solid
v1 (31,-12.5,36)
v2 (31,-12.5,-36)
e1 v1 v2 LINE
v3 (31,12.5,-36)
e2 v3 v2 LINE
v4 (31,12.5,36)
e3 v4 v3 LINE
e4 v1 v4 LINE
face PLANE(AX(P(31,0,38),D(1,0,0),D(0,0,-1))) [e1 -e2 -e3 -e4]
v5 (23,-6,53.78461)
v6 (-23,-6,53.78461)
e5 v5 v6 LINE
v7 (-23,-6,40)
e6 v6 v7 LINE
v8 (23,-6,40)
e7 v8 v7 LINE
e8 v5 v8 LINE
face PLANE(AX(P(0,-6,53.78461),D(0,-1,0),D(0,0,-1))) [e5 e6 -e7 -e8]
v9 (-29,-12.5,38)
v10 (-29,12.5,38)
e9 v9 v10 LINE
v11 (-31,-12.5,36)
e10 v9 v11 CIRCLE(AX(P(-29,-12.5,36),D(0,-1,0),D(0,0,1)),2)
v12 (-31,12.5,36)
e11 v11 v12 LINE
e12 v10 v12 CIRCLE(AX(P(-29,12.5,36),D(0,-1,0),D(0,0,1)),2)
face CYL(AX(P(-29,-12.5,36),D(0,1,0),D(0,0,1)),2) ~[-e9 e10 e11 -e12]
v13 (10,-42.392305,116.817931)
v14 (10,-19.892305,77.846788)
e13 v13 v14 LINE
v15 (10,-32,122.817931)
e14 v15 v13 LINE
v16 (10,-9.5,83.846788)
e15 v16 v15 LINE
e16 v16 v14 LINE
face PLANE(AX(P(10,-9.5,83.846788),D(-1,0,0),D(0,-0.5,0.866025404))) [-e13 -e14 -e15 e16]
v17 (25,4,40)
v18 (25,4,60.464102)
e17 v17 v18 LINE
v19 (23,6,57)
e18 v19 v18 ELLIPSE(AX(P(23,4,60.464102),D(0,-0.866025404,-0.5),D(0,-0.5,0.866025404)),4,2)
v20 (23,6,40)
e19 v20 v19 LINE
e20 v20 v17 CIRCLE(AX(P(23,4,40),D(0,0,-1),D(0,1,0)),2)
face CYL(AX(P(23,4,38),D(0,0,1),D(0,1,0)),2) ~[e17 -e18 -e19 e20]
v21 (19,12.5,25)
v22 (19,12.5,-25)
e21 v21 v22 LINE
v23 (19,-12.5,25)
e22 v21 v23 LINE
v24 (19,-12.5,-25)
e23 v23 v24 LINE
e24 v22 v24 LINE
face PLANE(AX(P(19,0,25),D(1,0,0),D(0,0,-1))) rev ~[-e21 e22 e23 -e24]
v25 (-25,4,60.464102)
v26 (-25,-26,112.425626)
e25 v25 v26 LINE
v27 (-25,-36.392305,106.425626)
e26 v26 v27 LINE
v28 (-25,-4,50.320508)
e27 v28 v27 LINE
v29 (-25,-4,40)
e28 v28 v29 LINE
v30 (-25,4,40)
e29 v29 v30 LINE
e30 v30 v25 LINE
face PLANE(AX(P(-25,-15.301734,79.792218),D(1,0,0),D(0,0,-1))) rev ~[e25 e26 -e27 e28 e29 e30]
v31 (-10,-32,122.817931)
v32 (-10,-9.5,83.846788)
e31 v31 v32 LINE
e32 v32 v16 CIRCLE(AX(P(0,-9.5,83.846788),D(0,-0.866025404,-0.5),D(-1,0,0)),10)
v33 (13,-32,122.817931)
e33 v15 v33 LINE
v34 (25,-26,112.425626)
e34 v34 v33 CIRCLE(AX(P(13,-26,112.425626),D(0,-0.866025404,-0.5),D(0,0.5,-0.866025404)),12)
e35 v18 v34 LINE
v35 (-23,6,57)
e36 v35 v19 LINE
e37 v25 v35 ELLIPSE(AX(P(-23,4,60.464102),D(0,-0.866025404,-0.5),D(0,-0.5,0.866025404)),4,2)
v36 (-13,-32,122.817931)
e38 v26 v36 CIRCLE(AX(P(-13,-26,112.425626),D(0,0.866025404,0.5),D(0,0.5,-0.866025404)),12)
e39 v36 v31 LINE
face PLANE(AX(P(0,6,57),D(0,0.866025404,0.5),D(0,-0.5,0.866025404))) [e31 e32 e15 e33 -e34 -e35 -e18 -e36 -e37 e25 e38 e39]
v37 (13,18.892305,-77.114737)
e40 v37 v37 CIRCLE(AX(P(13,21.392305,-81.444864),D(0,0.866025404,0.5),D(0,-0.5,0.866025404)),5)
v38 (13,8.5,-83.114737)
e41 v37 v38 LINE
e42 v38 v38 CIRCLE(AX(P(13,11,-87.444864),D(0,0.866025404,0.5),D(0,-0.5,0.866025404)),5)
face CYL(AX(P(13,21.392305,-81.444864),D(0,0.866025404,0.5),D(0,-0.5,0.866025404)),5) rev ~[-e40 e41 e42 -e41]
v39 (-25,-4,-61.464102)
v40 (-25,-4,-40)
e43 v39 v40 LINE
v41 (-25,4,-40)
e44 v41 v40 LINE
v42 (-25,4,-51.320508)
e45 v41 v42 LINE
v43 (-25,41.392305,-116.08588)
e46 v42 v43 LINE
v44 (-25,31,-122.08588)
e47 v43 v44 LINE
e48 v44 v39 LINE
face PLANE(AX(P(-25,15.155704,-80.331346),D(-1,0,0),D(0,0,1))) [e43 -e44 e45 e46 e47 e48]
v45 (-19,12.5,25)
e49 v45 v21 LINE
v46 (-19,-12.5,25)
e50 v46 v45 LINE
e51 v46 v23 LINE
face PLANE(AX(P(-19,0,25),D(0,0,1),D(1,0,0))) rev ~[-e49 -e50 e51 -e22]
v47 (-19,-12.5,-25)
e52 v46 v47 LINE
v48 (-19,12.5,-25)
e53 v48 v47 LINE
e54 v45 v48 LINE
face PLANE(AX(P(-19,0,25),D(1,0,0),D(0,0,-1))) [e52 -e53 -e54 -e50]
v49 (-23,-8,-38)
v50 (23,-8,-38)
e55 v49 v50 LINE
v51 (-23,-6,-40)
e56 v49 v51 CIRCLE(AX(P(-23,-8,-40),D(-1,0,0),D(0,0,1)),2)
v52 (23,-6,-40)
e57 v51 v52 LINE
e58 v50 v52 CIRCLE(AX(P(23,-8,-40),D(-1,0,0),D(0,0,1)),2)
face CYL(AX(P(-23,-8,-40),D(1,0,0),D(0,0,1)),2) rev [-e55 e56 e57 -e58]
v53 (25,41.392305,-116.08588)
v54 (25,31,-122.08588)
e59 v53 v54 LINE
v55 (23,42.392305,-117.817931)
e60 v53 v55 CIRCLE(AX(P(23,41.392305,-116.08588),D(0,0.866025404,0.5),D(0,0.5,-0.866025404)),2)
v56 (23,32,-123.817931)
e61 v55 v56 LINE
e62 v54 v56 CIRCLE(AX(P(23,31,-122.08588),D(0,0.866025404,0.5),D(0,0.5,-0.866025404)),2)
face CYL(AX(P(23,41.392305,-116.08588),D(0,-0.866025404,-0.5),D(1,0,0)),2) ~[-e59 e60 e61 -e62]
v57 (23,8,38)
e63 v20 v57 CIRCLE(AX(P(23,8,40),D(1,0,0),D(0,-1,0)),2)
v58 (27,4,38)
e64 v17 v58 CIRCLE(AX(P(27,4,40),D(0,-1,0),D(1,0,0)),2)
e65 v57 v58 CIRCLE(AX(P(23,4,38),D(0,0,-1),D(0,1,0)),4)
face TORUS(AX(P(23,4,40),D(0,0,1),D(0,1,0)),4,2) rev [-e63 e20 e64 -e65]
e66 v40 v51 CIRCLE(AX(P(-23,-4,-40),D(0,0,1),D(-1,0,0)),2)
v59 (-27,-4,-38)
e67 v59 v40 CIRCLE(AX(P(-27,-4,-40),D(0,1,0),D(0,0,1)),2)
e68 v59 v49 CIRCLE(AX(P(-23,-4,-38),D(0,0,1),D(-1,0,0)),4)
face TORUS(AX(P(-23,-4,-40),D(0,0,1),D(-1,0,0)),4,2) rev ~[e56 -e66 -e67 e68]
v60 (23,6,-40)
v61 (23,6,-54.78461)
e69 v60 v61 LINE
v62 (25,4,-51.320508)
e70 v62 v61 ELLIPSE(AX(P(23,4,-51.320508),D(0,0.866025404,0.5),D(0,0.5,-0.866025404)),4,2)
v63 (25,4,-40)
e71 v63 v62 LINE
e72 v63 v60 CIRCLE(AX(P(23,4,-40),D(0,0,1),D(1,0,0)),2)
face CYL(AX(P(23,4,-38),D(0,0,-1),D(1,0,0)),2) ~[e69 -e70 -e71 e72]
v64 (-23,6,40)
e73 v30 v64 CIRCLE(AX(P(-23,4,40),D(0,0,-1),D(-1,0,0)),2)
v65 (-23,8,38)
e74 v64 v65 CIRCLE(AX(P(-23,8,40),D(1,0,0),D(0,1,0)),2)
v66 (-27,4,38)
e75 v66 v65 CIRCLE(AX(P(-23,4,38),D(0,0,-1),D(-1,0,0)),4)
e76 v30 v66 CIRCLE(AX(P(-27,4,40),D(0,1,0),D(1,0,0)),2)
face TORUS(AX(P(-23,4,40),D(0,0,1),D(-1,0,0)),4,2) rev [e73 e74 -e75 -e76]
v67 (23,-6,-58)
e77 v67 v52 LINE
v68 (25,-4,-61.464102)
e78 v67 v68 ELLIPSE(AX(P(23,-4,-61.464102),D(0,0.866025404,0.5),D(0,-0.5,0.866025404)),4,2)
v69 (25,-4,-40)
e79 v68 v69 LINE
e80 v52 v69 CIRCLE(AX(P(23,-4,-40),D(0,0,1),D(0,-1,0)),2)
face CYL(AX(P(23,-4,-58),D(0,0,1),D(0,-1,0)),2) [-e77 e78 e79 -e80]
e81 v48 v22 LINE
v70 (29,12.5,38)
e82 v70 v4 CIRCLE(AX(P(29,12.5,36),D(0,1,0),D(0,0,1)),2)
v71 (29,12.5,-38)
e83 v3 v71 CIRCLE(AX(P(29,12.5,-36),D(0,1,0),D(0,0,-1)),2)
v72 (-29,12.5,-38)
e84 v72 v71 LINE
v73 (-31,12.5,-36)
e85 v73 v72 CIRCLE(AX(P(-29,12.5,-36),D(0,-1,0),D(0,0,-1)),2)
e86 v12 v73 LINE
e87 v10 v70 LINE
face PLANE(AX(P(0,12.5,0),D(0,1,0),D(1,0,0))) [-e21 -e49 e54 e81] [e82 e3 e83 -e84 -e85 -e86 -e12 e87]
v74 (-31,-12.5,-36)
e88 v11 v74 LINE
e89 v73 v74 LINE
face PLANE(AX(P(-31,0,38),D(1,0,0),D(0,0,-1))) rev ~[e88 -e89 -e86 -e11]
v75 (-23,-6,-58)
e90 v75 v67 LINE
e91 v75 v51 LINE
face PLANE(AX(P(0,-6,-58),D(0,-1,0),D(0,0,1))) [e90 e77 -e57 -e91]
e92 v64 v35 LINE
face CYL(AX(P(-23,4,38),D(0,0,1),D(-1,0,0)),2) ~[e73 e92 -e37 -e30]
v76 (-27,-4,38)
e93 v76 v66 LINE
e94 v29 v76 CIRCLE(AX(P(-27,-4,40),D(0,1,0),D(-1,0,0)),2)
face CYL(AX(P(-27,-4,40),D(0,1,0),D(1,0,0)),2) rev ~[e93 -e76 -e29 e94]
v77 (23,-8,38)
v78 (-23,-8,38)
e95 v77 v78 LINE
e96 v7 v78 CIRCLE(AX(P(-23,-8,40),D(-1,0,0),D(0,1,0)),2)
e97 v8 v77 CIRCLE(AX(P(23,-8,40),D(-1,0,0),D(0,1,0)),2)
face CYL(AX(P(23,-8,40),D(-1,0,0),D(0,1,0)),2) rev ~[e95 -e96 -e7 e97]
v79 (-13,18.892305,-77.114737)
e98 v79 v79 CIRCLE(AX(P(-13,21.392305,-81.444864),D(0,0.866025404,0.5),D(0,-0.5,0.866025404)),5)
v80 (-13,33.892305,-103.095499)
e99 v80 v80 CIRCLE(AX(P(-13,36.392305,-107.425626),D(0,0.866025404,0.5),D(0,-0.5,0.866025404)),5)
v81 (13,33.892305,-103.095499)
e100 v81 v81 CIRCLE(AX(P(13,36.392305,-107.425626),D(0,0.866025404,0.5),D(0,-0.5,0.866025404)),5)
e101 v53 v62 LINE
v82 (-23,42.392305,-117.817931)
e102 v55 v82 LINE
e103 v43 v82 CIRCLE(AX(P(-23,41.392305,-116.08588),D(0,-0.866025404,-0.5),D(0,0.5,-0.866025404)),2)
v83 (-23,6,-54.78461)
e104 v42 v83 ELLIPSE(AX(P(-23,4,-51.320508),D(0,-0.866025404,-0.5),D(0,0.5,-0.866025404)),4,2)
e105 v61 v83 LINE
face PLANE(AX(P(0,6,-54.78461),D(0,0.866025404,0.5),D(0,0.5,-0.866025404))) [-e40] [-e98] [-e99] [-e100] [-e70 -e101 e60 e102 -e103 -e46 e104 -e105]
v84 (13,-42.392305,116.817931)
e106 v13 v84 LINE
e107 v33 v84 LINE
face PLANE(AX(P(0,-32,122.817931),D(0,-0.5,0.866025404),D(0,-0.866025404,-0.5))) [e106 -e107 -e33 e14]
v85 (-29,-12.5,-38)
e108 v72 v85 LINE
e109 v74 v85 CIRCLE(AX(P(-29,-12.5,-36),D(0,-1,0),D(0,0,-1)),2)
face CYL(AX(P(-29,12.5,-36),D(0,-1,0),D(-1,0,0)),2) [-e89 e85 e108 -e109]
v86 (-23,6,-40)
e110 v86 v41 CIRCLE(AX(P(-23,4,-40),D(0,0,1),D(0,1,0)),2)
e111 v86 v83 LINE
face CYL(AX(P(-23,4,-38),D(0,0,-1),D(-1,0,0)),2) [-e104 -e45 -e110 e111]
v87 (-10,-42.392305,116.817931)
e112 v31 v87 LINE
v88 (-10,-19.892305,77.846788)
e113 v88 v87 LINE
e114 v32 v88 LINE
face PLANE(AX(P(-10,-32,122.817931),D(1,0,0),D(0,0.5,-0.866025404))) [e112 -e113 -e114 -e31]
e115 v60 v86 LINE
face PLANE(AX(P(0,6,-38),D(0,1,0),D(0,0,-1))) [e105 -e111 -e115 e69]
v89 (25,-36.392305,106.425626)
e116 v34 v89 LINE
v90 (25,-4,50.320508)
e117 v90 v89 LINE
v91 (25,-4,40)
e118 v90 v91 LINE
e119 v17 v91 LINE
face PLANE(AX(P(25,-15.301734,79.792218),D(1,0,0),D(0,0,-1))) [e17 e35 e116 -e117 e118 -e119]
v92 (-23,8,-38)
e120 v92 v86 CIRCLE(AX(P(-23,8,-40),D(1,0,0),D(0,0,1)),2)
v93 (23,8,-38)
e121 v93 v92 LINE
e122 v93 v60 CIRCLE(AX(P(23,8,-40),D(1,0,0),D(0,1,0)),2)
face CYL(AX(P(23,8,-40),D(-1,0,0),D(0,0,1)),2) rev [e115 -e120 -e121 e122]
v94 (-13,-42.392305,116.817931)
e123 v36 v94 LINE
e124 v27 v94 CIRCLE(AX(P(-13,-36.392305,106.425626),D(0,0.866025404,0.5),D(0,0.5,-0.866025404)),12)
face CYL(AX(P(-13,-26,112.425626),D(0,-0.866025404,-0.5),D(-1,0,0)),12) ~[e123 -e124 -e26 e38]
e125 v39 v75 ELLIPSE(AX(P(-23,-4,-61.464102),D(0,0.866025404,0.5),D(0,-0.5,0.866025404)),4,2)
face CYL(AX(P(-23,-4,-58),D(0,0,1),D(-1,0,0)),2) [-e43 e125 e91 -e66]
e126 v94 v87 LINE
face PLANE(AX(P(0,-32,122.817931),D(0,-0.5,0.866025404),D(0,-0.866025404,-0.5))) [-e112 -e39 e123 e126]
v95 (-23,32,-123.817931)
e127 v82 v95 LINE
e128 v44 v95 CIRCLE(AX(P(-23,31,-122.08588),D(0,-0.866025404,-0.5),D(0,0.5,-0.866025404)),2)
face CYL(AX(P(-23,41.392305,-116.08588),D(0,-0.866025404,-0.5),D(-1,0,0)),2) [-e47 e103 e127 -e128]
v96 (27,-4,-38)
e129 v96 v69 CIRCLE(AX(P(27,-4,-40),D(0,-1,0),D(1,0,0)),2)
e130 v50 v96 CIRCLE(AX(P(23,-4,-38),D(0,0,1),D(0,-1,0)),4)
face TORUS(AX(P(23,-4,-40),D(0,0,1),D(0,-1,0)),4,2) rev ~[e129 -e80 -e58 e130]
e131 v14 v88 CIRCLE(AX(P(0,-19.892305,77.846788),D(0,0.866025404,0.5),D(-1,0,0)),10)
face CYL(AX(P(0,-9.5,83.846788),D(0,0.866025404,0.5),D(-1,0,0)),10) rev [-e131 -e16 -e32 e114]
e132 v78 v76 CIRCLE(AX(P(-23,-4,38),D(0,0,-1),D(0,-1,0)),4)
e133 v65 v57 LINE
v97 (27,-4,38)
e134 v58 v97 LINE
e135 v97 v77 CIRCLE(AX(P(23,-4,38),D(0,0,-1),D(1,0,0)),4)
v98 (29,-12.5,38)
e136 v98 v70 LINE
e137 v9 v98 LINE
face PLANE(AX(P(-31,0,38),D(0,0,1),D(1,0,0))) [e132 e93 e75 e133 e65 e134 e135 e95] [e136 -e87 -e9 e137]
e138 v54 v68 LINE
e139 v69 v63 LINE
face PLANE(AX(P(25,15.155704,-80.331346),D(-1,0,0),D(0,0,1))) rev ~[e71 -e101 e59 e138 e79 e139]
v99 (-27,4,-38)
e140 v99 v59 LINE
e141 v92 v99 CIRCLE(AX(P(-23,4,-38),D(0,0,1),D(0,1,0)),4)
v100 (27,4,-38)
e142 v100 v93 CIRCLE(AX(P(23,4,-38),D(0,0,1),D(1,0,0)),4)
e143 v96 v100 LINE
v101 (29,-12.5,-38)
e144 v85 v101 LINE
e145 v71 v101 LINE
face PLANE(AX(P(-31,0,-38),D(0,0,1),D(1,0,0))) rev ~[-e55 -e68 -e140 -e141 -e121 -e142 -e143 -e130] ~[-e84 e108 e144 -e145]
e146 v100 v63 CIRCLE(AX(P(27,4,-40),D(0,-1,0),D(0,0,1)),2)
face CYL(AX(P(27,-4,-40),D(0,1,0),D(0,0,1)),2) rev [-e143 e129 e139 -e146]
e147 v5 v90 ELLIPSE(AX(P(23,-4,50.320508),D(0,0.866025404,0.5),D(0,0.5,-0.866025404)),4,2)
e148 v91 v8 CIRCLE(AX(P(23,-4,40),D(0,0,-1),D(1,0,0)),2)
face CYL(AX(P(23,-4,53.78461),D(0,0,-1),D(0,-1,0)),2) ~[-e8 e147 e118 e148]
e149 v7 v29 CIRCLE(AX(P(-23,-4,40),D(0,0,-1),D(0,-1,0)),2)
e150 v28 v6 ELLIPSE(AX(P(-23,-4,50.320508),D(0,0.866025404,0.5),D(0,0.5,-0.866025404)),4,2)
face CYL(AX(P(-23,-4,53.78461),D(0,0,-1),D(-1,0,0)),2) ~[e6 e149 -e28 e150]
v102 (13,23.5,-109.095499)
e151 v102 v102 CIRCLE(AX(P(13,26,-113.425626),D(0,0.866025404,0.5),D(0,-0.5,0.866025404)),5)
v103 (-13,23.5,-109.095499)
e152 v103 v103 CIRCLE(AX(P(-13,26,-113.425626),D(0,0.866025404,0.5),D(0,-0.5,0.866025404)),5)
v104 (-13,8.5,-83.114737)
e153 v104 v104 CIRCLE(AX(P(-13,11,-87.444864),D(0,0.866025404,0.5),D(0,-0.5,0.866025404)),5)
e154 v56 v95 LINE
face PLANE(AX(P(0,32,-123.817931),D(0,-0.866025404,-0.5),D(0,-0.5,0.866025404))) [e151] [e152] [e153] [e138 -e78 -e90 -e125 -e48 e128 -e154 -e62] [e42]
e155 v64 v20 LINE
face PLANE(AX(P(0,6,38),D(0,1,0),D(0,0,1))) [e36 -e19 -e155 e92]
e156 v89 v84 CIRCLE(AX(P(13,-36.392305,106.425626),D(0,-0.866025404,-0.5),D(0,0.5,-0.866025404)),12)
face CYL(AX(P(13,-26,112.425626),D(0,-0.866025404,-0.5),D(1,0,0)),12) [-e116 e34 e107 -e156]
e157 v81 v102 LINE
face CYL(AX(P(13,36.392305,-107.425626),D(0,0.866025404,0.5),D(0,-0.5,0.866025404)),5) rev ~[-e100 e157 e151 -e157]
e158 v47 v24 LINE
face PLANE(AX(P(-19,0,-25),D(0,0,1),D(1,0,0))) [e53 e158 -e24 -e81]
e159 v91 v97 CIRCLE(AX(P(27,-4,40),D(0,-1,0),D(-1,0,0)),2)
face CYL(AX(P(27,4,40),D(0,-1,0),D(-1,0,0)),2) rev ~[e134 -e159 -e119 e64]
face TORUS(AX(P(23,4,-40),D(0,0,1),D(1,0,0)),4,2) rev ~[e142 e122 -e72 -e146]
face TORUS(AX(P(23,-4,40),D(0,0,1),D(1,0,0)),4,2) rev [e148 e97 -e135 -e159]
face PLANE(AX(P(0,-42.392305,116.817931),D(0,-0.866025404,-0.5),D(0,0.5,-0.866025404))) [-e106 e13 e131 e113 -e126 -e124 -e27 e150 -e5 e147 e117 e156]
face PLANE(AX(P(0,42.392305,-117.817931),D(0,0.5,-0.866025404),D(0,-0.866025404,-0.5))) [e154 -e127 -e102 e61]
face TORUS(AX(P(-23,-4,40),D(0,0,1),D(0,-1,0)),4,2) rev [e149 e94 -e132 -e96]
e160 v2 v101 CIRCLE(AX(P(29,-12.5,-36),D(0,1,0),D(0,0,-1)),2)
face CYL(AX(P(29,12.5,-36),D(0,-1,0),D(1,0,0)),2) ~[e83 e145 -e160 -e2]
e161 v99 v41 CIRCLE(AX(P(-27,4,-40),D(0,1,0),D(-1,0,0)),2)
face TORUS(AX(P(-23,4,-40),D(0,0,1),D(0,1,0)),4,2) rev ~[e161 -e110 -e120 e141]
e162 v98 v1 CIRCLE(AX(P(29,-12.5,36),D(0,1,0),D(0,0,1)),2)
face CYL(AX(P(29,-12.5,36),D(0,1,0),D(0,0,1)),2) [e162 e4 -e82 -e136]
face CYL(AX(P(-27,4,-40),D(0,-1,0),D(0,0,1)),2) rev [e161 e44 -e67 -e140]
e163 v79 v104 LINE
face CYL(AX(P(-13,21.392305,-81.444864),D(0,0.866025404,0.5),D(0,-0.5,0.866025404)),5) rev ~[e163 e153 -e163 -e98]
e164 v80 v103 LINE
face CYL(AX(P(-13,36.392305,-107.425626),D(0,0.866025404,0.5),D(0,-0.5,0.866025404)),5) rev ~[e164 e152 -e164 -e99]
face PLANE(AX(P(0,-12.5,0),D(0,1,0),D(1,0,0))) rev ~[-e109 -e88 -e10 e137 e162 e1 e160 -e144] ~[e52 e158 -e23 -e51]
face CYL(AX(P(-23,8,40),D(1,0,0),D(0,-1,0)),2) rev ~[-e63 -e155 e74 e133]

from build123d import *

# Parameters (mm, degrees)
SKETCH_1_W          = 62
SKETCH_1_H          = 76
SKETCH_1_W_2        = 38
SKETCH_1_H_2        = 50
EXTRUDE_1_DEPTH     = 12.5
EXTRUDE_2_DEPTH     = 25
SKETCH_3_R          = 5
CUT_EXTRUDE_3_DEPTH = 151.634898624
CUT_EXTRUDE_4_DEPTH = 161.843921561
FILLET_1_R          = 12
FILLET_2_R          = 2
FILLET_3_R          = 2


with BuildPart() as part:
    # 草圖1 → 伸長1 (new, symmetric)
    with BuildSketch(Plane(origin=(0, 0, 0), x_dir=(1, 0, 0), z_dir=(0, 1, 0))):
        Rectangle(SKETCH_1_W, SKETCH_1_H)
        Rectangle(SKETCH_1_W_2, SKETCH_1_H_2, mode=Mode.SUBTRACT)
    extrude(amount=EXTRUDE_1_DEPTH, both=True)

    # 草圖2 → 伸長2 (add, symmetric)
    with BuildSketch(Plane(origin=(0, 0, 0), x_dir=(0, 0, -1), z_dir=(1, 0, 0))):
        Polygon((38, 6), (54.784609691, 6), (117.817930688, 42.392304845), (123.817930688, 32), (58, -6), (38, -6), align=None)
        Polygon((-38, 6), (-57, 6), (-122.817930688, -32), (-116.817930688, -42.392304845), (-53.784609691, -6), (-38, -6), align=None)
    extrude(amount=EXTRUDE_2_DEPTH, both=True)

    # 草圖3 → 伸長3 (cut, through all)
    with BuildSketch(Plane(origin=(0, -19.222431864, -11.098076211), x_dir=(1, 0, 0), z_dir=(0, 0.8660254037844377, 0.5000000000000018))):
        with Locations(Location((-13, 111.229473419, 0), (0, 0, 270))):
            Circle(SKETCH_3_R)
        with Locations(Location((13, 111.229473419, 0), (0, 0, 270))):
            Circle(SKETCH_3_R)
        with Locations(Location((-13, 81.229473419, 0), (0, 0, 270))):
            Circle(SKETCH_3_R)
        with Locations(Location((13, 81.229473419, 0), (0, 0, 270))):
            Circle(SKETCH_3_R)
    extrude(amount=-CUT_EXTRUDE_3_DEPTH, mode=Mode.SUBTRACT)

    # 草圖4 → 伸長4 (cut, through all)
    with BuildSketch(Plane(origin=(0, 29.181724008, 16.848076211), x_dir=(1, 0, 0), z_dir=(0, 0.8660254037844377, 0.5000000000000014))):
        with BuildLine():
            Line((-10, -122.363448016), (-10, -77.363448016))
            ThreePointArc((-10, -77.363448016), (0, -67.363448016), (10, -77.363448016))
            Line((10, -77.363448016), (10, -122.363448016))
            Line((10, -122.363448016), (-10, -122.363448016))
        make_face()
    extrude(amount=-CUT_EXTRUDE_4_DEPTH, mode=Mode.SUBTRACT)

    # 圓角1
    fillet_1_edges = [part.edges().sort_by_distance(p)[0] for p in [
        (-25, -37.196152423, 119.817930688),
        (25, -37.196152423, 119.817930688),
    ]]
    fillet(fillet_1_edges, radius=FILLET_1_R)

    # 圓角2
    fillet_2_edges = [part.edges().sort_by_distance(p)[0] for p in [
        (-25, -6, -48),
        (-25, 37.196152423, -120.817930688),
        (-25, 6, -46.392304845),
        (25, -6, -48),
        (25, 37.196152423, -120.817930688),
        (25, 6, -46.392304845),
        (-25, 6, 47.5),
        (-25, -6, 45.892304845),
        (25, 6, 47.5),
        (25, -6, 45.892304845),
        (-31, 0, -38),
        (31, 0, -38),
        (31, 0, 38),
        (-31, 0, 38),
    ]]
    fillet(fillet_2_edges, radius=FILLET_2_R)

    # 圓角3
    fillet_3_edges = [part.edges().sort_by_distance(p)[0] for p in [
        (0, -6, -38),
        (-25, 0, -38),
        (0, 6, -38),
        (25, 0, -38),
        (0, -6, 38),
        (-25, 0, 38),
        (0, 6, 38),
        (25, 0, 38),
        (-24.414213562, -5.414213562, -38),
        (-24.414213562, 5.414213562, -38),
        (24.414213562, -5.414213562, -38),
        (24.414213562, 5.414213562, -38),
        (-24.414213562, -5.414213562, 38),
        (-24.414213562, 5.414213562, 38),
        (24.414213562, -5.414213562, 38),
        (24.414213562, 5.414213562, 38),
    ]]
    fillet(fillet_3_edges, radius=FILLET_3_R)


solid = part.part
